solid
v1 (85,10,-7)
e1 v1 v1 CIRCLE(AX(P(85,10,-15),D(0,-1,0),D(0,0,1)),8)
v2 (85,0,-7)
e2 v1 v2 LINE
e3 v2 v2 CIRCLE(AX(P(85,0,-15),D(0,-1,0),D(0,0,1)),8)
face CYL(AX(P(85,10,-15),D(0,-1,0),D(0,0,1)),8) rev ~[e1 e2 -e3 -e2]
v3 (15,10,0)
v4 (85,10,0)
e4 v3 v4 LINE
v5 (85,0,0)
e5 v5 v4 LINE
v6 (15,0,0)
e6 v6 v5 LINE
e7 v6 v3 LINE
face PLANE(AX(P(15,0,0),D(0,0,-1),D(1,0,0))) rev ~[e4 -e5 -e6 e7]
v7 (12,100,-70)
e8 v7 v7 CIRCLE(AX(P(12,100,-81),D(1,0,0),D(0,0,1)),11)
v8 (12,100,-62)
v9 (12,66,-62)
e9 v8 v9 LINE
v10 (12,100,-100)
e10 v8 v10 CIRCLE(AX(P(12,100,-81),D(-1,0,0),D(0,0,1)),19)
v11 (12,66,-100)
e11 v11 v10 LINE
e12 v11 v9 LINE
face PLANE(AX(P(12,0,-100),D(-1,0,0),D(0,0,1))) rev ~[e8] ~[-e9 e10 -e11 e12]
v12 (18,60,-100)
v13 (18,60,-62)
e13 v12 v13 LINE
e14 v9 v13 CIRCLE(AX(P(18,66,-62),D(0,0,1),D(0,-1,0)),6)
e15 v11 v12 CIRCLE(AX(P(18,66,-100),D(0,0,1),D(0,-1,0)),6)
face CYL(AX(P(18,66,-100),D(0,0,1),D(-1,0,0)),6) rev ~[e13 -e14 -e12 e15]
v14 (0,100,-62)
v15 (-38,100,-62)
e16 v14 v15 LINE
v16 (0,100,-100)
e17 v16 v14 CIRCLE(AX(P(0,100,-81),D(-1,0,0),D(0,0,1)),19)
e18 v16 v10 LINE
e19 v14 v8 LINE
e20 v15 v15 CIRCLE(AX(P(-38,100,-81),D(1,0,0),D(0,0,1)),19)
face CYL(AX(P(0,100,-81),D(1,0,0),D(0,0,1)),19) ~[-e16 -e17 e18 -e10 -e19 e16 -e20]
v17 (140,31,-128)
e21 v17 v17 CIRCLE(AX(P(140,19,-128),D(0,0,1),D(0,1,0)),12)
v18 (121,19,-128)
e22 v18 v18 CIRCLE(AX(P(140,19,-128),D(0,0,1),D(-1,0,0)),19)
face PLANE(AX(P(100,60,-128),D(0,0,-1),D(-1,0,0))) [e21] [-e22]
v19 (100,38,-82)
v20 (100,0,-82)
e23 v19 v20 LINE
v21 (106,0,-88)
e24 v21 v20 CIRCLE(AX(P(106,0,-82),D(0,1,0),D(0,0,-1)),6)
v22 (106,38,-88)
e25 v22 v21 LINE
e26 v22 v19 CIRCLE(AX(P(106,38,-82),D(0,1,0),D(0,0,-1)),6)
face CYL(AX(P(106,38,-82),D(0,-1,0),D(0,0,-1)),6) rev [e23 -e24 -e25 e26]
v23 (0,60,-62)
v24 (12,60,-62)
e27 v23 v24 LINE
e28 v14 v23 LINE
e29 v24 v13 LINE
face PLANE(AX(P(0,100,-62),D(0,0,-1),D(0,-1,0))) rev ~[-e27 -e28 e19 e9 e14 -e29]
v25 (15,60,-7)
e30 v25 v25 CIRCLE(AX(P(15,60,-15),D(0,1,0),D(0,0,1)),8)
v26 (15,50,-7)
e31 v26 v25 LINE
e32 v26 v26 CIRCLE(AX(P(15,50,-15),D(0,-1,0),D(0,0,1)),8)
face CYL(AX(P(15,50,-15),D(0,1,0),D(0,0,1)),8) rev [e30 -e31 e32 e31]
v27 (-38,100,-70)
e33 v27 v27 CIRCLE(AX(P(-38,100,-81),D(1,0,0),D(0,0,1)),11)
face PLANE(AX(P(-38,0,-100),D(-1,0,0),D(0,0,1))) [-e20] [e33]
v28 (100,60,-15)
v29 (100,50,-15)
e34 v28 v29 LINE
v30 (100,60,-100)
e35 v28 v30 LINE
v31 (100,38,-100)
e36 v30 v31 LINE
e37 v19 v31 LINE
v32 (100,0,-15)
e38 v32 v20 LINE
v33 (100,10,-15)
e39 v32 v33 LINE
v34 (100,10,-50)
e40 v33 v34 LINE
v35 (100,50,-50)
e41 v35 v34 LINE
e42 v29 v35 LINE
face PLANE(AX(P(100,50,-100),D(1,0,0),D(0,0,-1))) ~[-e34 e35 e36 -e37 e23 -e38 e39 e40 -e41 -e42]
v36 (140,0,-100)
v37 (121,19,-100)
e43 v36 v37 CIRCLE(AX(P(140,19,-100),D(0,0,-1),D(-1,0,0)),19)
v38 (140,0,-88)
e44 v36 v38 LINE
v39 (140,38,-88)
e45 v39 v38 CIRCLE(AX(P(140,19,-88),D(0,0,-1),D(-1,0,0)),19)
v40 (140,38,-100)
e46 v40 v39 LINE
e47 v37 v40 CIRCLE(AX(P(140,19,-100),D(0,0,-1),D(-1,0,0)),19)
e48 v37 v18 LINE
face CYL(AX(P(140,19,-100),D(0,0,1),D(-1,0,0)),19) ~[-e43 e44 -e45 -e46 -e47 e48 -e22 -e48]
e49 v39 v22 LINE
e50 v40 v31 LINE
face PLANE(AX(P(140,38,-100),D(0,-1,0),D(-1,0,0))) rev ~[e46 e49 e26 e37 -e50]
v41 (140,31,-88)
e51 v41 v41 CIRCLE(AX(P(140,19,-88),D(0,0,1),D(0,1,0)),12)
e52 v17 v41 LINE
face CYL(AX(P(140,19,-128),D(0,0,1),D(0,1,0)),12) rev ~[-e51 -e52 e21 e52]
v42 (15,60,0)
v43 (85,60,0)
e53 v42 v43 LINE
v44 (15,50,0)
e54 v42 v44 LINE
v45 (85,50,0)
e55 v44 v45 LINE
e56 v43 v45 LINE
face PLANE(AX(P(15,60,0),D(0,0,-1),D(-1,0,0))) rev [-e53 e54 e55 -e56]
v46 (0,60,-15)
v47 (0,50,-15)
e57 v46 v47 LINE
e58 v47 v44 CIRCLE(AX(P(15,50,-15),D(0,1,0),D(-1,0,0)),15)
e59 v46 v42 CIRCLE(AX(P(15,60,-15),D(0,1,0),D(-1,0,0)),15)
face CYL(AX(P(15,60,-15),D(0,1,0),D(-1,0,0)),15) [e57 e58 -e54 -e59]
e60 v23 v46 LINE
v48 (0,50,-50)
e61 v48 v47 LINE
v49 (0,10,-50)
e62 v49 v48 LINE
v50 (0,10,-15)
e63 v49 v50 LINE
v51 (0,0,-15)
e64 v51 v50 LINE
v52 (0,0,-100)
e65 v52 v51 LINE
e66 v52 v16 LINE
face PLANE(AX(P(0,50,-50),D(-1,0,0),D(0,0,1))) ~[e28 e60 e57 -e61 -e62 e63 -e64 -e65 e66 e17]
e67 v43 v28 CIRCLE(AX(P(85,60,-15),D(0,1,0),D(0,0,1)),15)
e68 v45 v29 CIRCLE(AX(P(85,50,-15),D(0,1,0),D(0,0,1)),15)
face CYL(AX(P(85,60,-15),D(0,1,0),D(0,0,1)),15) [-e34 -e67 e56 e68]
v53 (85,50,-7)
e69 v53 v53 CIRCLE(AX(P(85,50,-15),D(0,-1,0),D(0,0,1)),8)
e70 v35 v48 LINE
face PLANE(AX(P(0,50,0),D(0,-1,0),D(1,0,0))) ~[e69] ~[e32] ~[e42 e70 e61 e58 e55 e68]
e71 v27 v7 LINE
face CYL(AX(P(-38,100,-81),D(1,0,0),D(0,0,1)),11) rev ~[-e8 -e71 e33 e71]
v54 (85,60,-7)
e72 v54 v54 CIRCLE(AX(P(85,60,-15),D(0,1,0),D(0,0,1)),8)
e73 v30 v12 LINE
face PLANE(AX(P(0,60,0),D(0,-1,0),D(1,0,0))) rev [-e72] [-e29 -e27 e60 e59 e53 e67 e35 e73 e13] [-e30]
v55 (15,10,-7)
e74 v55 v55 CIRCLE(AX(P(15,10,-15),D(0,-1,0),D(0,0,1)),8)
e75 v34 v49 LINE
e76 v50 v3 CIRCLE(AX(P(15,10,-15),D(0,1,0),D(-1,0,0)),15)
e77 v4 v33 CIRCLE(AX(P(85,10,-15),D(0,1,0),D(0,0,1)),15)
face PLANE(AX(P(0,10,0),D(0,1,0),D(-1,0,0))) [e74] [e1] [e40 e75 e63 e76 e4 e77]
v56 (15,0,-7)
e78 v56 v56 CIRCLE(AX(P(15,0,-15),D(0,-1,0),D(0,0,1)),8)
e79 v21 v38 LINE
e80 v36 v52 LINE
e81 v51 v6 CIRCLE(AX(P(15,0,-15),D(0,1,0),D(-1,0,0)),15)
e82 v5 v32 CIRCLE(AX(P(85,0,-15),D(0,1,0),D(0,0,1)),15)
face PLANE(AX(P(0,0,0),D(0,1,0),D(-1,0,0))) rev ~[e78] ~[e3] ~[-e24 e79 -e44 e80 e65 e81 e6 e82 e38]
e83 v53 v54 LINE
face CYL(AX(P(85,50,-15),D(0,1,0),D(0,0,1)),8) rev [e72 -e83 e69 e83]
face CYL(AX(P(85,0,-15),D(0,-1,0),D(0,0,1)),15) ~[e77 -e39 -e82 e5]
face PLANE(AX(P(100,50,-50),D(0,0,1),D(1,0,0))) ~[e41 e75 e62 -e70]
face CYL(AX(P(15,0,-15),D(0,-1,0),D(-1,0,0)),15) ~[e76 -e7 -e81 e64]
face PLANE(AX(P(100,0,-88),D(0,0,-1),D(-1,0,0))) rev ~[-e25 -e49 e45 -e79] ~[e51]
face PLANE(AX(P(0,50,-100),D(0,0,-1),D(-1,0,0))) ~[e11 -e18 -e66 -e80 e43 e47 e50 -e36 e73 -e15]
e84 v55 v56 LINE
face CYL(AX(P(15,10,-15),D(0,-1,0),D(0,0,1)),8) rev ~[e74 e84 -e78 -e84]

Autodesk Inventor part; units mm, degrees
ref_plane "YZ Plane" through (0, 0, 0) normal (1, 0, 0) x (0, 1, 0)
ref_plane "XZ Plane" through (0, 0, 0) normal (0, 1, 0) x (-1, 0, 0)
ref_plane "XY Plane" through (0, 0, 0) normal (0, 0, 1) x (1, 0, 0)
sketch "Szkic1" plane through (0, 0, 0) normal (0, 1, 0) x (-1, 0, 0)
  line L0 (-15, 0) -> (-85, 0)
  line L1 (-100, -15) -> (-100, -100)
  line L2 (-100, -100) -> (0, -100)
  line L3 (0, -100) -> (0, -15)
  arc A0 (0, -15) -> (-15, 0) centre (-15, -15) ccw
  arc A1 (-85, 0) -> (-100, -15) centre (-85, -15) ccw
  point P0 (0, 0)
  point P1 (-100, 0)
  dimension "d0" = 100
  dimension "d1" = 100
  dimension "d2" = 15
extrude "Wyciągnięcie proste1" add sketch "Szkic1" along normal blind 10
sketch "Szkic2" plane through (0, 10, 0) normal (0, 1, 0) x (1, 0, 0)
  line L0 (0, 100) -> (100, 100)
  line L1 (100, 100) -> (100, 50)
  line L2 (100, 50) -> (0, 50)
  line L3 (0, 50) -> (0, 100)
  point P0 (0, 0)
  dimension "d5" = 100
  dimension "d6" = 50
extrude "Wyciągnięcie proste2" add sketch "Szkic2" along normal blind 20
sketch "Szkic3" plane through (0, 10, 0) normal (0, 1, 0) x (1, 0, 0)
  arc A0 (0, 15) -> (15, 0) centre (15, 15) ccw projected
  arc A1 (85, 0) -> (100, 15) centre (85, 15) ccw projected
  point P0 (0, 0)
hole "Otwór1" at (15, 10, -15) at (85, 10, -15) direction (0, -1, 0) diameter 16 end through all
mirror "Odbij1" about plane through (50, 30, -75) normal (0, 1, 0) of "Wyciągnięcie proste1", "Otwór1", "Wyciągnięcie proste2"
sketch "Szkic4" plane through (100, 0, -100) normal (0, 0, -1) x (-1, 0, 0)
  circle A0 centre (-40, 19) radius 19
  line L0 (15, 0) -> (0, 0) projected
  line L1 (0, 0) -> (-40, 0)
  line L2 (-40, 38) -> (0, 38)
  line L3 (0, 10) -> (0, 50) projected
  line L4 (0, 0) -> (0, 38)
  point P0 (100, 0)
  dimension "d16" = 38
  dimension "d17" = 40
extrude "Wyciągnięcie proste3" add sketch "Szkic4" against normal blind 12
sketch "Szkic5" plane through (100, 60, -100) normal (0, 0, -1) x (-1, 0, 0)
  arc A0 (-40, -22) -> (-40, -60) centre (-40, -41) ccw projected
  circle A1 centre (-40, -41) radius 19
  point P0 (100, -60)
  point P1 (-40, -22)
  dimension "d20" = 38
extrude "Wyciągnięcie proste4" add sketch "Szkic5" along normal blind 28
sketch "Szkic6" plane through (140, 19, -128) normal (0, 0, -1) x (-1, 0, 0)
  point P0 (140, -19)
  point P1 (0, 0)
hole "Otwór2" at (140, 19, -128) direction (0, 0, 1) diameter 24 end through all
fillet "Zaokrąglenie1" radius 6 1 edges at (100, 19, -88)
sketch "Szkic7" plane through (0, 0, -100) normal (-1, 0, 0) x (0, 0, 1)
  circle A0 centre (19, 100) radius 19
  line L0 (0, 0) -> (0, 60) projected
  line L1 (0, 60) -> (0, 100)
  line L2 (38, 100) -> (38, 60)
  line L3 (0, 60) -> (85, 60) projected
  point P0 (100, 0)
  dimension "d31" = 38
  dimension "d32" = 40
extrude "Wyciągnięcie proste5" add sketch "Szkic7" against normal blind 12
sketch "Szkic8" plane through (0, 0, -100) normal (-1, 0, 0) x (0, 0, 1)
  arc A0 (38, 100) -> (0, 100) centre (19, 100) ccw projected
  circle A1 centre (19, 100) radius 19
  point P0 (100, 0)
  dimension "d35" = 38
extrude "Wyciągnięcie proste6" add sketch "Szkic8" along normal blind 38
sketch "Szkic9" plane through (-38, 100, -81) normal (-1, 0, 0) x (0, 0, 1)
  point P0 (81, -100)
  point P1 (0, 0)
hole "Otwór3" at (-38, 100, -81) direction (1, 0, 0) diameter 22 end through all
fillet "Zaokrąglenie2" radius 6 1 edges at (12, 60, -81)
